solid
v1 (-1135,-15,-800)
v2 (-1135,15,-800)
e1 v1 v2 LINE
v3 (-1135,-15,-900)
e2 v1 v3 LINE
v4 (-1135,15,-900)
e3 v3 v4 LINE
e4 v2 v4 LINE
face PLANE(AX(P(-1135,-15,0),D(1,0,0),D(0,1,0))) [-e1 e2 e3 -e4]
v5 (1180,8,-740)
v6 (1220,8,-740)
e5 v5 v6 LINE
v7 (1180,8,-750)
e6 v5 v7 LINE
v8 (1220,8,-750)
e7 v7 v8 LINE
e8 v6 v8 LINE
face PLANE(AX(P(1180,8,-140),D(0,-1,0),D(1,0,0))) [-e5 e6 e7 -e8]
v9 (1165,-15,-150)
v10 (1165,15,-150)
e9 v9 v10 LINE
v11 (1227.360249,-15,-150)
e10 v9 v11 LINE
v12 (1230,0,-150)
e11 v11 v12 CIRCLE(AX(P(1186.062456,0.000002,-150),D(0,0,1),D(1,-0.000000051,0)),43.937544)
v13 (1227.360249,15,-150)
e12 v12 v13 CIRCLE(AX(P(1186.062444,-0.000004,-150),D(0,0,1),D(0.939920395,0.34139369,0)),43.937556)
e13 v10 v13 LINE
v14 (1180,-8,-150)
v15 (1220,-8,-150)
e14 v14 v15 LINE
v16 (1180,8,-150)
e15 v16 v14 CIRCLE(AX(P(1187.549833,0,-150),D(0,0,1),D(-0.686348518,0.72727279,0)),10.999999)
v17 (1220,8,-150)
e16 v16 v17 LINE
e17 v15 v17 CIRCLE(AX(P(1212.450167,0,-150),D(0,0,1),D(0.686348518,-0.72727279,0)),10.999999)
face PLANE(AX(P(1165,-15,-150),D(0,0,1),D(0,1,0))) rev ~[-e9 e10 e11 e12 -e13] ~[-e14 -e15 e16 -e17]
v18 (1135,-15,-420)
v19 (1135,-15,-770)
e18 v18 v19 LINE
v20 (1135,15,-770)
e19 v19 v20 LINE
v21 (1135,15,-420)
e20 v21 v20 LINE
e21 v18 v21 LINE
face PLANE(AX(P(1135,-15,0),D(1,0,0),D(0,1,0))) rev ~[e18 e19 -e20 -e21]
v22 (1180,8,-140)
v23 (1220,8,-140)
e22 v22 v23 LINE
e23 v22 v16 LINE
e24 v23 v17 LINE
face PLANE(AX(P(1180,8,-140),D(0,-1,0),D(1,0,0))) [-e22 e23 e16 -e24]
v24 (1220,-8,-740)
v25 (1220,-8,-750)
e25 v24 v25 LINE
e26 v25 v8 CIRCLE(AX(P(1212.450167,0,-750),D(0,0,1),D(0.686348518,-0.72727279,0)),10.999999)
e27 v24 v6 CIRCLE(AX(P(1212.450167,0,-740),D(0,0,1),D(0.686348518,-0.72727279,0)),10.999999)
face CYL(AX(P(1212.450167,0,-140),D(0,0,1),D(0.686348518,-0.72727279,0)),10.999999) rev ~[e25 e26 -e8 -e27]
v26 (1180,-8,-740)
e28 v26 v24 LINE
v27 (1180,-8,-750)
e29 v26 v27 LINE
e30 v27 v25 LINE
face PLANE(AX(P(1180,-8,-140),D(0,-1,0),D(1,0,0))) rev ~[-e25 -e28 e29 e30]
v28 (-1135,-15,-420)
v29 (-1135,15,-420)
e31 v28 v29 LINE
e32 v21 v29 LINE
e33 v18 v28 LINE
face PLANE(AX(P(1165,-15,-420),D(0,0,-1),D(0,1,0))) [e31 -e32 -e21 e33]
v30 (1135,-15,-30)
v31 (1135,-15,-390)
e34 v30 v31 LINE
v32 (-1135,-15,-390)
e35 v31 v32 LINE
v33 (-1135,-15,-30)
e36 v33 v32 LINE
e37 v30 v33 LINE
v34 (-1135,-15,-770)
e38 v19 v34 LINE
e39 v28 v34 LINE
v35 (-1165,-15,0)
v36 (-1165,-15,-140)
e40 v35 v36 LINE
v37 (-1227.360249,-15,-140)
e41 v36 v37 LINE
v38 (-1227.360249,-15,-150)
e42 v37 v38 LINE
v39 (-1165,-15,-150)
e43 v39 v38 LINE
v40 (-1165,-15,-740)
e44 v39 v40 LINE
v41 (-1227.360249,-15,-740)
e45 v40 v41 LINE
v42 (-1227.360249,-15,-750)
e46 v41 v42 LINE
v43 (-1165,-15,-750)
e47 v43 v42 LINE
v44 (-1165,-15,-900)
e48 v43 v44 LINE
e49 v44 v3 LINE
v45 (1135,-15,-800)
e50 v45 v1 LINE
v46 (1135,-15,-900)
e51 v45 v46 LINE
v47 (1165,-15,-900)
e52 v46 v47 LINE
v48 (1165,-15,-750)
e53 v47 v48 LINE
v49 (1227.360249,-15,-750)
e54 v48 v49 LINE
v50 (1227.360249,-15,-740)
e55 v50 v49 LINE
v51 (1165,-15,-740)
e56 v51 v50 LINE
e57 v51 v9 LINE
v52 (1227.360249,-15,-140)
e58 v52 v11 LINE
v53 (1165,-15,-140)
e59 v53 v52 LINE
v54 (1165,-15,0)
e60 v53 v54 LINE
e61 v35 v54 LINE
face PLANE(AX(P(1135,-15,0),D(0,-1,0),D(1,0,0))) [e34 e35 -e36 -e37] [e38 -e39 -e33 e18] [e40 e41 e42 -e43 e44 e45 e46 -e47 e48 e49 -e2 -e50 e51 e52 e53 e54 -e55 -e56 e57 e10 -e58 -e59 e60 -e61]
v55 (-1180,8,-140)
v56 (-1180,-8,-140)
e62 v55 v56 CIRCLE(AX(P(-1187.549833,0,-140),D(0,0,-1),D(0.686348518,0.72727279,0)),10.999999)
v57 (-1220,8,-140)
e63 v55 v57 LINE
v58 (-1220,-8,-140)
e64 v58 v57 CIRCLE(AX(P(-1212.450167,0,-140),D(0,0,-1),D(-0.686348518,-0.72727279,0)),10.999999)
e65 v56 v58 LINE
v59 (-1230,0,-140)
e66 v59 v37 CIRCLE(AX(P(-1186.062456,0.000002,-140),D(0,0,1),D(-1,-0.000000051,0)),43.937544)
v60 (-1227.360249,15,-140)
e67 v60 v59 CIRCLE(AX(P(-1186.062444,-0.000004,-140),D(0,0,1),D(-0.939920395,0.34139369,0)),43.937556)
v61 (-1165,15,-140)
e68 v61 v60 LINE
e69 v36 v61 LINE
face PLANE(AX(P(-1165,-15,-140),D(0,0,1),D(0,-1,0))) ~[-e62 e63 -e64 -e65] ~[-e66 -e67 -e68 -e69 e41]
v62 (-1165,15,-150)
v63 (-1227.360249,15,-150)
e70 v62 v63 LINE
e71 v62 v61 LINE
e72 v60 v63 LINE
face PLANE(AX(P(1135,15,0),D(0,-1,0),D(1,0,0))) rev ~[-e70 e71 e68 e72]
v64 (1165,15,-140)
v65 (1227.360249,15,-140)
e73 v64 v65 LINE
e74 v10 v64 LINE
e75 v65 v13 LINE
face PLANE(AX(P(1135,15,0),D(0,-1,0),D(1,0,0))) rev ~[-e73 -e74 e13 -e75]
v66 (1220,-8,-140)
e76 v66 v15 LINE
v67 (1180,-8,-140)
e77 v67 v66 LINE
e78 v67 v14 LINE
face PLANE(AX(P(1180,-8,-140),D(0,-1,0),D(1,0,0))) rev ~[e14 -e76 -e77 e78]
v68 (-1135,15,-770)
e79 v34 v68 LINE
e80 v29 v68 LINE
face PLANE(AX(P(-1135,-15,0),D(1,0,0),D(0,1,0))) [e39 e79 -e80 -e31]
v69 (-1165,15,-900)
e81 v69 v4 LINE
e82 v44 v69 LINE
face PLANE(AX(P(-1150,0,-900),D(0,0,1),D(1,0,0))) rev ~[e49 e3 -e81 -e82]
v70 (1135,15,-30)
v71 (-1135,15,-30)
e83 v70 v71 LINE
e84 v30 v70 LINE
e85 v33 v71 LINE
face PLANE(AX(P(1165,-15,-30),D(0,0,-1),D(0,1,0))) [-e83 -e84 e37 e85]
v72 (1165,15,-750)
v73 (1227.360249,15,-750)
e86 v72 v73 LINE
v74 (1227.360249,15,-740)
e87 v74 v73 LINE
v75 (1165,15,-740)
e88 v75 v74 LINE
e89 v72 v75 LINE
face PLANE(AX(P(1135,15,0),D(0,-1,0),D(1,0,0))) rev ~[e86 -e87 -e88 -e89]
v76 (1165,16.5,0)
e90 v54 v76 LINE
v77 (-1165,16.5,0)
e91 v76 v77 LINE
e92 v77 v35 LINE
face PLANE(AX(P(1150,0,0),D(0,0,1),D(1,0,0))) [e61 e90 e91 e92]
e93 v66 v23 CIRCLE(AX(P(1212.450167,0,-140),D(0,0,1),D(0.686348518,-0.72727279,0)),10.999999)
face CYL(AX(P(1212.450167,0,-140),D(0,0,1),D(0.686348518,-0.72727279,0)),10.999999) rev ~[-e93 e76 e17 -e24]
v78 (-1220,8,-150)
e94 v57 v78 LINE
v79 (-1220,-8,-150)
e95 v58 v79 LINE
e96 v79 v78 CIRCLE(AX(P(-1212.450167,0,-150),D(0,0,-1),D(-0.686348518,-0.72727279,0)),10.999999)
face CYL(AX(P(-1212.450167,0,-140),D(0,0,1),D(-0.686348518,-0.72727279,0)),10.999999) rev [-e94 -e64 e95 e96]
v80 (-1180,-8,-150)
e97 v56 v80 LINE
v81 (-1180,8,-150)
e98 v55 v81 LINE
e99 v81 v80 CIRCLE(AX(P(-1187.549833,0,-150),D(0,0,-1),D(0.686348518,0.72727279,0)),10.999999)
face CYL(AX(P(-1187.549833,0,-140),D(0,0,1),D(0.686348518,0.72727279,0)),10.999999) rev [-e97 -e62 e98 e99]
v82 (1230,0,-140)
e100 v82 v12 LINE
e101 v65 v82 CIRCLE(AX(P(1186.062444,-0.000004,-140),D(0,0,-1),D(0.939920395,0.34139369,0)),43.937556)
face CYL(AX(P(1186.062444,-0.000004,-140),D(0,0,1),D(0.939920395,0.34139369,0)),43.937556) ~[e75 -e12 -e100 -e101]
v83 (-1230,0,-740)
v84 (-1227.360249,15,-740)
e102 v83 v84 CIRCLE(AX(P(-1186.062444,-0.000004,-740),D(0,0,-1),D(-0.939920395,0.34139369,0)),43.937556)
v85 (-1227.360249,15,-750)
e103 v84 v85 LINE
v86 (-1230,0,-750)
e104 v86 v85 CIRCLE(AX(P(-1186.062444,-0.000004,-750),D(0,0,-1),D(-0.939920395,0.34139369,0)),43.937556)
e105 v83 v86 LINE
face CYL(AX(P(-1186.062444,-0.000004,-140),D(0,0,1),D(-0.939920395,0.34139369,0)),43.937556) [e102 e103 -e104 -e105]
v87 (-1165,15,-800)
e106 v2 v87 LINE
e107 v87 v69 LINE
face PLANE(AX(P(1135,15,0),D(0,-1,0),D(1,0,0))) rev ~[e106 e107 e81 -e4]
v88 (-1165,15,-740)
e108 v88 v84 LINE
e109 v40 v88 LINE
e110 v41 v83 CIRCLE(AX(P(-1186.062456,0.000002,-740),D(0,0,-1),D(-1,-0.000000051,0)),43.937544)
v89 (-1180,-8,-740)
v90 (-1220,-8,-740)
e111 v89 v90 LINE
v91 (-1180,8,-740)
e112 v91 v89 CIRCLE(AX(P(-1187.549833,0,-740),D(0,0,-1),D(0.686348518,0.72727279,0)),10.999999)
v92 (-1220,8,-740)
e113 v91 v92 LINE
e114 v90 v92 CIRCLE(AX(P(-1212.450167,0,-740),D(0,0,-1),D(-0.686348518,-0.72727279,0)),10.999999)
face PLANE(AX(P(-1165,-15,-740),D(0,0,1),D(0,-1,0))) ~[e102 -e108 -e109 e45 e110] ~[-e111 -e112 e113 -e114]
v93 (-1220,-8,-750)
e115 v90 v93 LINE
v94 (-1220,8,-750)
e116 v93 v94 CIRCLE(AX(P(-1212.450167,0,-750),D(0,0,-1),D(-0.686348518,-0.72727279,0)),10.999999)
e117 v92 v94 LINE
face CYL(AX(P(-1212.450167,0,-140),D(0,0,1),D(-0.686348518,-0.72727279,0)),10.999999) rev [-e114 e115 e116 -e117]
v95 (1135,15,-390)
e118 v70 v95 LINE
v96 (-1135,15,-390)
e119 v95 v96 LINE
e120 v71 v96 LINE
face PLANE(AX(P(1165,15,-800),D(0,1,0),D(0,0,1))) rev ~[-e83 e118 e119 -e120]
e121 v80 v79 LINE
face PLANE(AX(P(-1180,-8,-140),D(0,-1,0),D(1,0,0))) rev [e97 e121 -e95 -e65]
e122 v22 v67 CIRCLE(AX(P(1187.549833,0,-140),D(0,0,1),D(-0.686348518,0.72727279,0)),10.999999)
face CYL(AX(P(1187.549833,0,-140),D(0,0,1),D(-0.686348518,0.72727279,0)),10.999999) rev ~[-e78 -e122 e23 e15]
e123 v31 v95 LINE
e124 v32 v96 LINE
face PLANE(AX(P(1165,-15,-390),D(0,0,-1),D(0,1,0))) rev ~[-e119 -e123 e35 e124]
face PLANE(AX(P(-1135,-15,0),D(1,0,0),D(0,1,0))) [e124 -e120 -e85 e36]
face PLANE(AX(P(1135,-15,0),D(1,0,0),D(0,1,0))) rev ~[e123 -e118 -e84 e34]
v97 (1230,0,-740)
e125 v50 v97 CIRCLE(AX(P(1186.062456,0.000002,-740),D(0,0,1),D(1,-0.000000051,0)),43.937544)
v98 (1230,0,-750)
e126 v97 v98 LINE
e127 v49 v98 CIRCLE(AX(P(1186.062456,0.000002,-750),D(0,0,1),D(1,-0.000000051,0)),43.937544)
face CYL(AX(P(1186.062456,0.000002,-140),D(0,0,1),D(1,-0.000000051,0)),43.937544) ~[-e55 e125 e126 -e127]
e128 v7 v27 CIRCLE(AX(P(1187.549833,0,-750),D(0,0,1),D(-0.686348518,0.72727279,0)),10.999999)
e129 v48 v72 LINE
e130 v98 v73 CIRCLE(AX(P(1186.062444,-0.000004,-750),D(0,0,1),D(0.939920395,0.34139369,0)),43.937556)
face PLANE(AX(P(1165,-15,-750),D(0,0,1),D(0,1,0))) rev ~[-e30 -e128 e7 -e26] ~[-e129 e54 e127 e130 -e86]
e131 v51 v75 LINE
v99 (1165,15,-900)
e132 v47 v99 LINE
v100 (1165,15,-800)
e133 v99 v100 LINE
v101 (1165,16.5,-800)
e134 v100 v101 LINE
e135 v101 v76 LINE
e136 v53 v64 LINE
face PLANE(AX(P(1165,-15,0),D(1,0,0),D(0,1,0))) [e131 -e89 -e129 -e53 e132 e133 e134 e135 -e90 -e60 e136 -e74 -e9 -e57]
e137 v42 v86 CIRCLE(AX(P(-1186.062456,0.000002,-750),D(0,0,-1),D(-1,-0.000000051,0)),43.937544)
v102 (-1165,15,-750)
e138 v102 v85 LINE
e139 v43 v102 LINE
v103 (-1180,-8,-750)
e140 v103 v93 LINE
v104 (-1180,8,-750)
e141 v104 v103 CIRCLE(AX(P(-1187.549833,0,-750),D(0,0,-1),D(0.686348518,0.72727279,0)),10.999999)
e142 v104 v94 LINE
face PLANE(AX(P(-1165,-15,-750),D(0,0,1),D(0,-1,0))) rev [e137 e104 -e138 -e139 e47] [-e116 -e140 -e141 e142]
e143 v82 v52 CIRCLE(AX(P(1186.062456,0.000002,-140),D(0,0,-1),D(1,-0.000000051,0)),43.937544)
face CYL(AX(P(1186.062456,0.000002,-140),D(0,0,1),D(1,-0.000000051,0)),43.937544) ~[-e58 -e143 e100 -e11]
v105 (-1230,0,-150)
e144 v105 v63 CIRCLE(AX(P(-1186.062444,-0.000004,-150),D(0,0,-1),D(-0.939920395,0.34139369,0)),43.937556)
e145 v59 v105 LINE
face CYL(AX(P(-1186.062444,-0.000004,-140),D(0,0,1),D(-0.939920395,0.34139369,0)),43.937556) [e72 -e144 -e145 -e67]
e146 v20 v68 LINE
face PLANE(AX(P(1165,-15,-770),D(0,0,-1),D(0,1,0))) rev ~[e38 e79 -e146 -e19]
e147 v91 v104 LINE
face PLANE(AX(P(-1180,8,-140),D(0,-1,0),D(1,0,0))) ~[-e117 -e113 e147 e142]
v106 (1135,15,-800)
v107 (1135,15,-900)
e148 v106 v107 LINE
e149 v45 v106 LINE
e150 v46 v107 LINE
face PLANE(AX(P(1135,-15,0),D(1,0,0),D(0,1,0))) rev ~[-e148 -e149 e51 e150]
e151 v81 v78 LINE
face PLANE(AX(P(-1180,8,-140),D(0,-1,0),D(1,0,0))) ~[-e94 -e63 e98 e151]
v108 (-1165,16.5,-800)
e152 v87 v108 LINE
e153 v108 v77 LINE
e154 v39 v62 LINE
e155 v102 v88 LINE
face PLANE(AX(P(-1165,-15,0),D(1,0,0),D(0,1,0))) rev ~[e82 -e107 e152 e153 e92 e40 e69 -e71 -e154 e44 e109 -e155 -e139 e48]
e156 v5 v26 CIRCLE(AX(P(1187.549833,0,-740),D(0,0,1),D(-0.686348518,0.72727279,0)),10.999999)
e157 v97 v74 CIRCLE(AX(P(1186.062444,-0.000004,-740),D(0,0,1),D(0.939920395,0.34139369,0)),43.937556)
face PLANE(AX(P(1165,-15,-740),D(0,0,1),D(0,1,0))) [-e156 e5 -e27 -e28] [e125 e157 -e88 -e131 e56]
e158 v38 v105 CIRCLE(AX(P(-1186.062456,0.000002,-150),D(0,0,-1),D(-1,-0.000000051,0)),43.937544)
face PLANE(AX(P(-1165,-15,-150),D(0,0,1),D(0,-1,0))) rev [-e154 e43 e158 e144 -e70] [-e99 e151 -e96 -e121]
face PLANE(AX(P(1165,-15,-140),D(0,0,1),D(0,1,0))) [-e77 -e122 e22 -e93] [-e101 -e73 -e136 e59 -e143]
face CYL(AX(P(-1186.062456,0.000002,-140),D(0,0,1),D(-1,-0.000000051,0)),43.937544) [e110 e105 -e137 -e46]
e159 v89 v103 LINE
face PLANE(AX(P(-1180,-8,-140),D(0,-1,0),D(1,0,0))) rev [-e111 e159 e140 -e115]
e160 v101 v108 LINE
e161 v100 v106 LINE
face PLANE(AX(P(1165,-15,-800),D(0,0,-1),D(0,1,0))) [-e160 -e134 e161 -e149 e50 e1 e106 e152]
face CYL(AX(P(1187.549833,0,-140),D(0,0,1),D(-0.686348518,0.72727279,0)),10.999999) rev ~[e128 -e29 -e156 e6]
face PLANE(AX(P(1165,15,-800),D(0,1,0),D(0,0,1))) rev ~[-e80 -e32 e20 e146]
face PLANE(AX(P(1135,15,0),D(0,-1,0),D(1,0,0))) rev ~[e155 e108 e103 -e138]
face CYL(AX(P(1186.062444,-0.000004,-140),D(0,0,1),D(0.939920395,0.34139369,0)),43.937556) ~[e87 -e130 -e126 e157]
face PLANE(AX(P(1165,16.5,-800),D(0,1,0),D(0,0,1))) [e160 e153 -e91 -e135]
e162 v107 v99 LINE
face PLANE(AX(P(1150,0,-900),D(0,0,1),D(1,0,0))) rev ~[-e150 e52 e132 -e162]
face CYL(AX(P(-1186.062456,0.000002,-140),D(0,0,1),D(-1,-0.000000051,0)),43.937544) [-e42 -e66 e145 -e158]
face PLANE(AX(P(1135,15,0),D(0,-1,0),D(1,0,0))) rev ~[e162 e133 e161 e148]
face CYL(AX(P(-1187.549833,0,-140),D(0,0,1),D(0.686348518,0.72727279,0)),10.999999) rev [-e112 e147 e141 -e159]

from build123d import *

# Parameters (mm, degrees)
F0_W      = 30
F0_H      = 30
F1_DEPTH  = 900
F2_W      = 30
F2_H      = 30
F3_DEPTH  = 2300
F4_W      = 30
F4_H      = 10
F5_DEPTH  = 65
F6_W      = 40
F6_H      = 16
F7_DEPTH  = 760.001
F9_W      = 1.5
F9_H      = 800
F10_DEPTH = 2330


with BuildPart() as f1:
    # F0 (on Top) → F1 (new body)
    with BuildSketch(Plane.XY):
        with Locations((-1150, 0)):
            Rectangle(F0_W, F0_H)
        with Locations((1150, 0)):
            Rectangle(F0_W, F0_H)
    extrude(amount=-F1_DEPTH)

    # F2 (on face) → F3 (join, through all)
    with BuildSketch(Plane.YZ.offset(1165)):
        with Locations((0, -15)):
            Rectangle(F2_W, F2_H)
        with Locations((0, -405)):
            Rectangle(F2_W, F2_H)
        with Locations((0, -785)):
            Rectangle(F2_W, F2_H)
    extrude(amount=-F3_DEPTH)

    # F8: F5 across plane


with BuildPart() as f5:
    # F4 (on face) → F5 (new body)
    with BuildSketch(Plane.YZ.offset(1165)):
        with Locations((0, -145)):
            Rectangle(F4_W, F4_H)
        with Locations((0, -745)):
            Rectangle(F4_W, F4_H)
    extrude(amount=F5_DEPTH)

    # F6 (on face) → F7 (cut, through all)
    with BuildSketch(Plane.XY.offset(-140)):
        with BuildLine():
            Line((1230, 15), (1227.360249, 15))
            ThreePointArc((1227.360249, 15), (1229.33503, 7.615252), (1230, 0))
            Line((1230, 0), (1230, 15))
        make_face()
        with BuildLine():
            ThreePointArc((1230, 0), (1229.33503, -7.615253), (1227.360249, -15))
            Line((1227.360249, -15), (1230, -15))
            Line((1230, -15), (1230, 0))
        make_face()
        with Locations((1200, 0)):
            Rectangle(F6_W, F6_H)
        with BuildLine():
            Line((1220, 8), (1220, -8))
            ThreePointArc((1220, -8), (1223.450166, 0), (1220, 8))
        make_face()
        with BuildLine():
            ThreePointArc((1180, 8), (1176.549834, 0), (1180, -8))
            Line((1180, -8), (1180, 8))
        make_face()
    extrude(amount=-F7_DEPTH, mode=Mode.SUBTRACT)


with BuildPart() as f1_1:
    add(f1.part)
    add(f5.part.mirror(Plane.YZ))


    add(f5.part)  # F10 merges F5
    # F9 (on face) → F10 (join, through all)
    with BuildSketch(Plane.YZ.offset(1165)):
        with Locations((15.75, -400)):
            Rectangle(F9_W, F9_H)
    extrude(amount=-F10_DEPTH)


solid = f1_1.part
